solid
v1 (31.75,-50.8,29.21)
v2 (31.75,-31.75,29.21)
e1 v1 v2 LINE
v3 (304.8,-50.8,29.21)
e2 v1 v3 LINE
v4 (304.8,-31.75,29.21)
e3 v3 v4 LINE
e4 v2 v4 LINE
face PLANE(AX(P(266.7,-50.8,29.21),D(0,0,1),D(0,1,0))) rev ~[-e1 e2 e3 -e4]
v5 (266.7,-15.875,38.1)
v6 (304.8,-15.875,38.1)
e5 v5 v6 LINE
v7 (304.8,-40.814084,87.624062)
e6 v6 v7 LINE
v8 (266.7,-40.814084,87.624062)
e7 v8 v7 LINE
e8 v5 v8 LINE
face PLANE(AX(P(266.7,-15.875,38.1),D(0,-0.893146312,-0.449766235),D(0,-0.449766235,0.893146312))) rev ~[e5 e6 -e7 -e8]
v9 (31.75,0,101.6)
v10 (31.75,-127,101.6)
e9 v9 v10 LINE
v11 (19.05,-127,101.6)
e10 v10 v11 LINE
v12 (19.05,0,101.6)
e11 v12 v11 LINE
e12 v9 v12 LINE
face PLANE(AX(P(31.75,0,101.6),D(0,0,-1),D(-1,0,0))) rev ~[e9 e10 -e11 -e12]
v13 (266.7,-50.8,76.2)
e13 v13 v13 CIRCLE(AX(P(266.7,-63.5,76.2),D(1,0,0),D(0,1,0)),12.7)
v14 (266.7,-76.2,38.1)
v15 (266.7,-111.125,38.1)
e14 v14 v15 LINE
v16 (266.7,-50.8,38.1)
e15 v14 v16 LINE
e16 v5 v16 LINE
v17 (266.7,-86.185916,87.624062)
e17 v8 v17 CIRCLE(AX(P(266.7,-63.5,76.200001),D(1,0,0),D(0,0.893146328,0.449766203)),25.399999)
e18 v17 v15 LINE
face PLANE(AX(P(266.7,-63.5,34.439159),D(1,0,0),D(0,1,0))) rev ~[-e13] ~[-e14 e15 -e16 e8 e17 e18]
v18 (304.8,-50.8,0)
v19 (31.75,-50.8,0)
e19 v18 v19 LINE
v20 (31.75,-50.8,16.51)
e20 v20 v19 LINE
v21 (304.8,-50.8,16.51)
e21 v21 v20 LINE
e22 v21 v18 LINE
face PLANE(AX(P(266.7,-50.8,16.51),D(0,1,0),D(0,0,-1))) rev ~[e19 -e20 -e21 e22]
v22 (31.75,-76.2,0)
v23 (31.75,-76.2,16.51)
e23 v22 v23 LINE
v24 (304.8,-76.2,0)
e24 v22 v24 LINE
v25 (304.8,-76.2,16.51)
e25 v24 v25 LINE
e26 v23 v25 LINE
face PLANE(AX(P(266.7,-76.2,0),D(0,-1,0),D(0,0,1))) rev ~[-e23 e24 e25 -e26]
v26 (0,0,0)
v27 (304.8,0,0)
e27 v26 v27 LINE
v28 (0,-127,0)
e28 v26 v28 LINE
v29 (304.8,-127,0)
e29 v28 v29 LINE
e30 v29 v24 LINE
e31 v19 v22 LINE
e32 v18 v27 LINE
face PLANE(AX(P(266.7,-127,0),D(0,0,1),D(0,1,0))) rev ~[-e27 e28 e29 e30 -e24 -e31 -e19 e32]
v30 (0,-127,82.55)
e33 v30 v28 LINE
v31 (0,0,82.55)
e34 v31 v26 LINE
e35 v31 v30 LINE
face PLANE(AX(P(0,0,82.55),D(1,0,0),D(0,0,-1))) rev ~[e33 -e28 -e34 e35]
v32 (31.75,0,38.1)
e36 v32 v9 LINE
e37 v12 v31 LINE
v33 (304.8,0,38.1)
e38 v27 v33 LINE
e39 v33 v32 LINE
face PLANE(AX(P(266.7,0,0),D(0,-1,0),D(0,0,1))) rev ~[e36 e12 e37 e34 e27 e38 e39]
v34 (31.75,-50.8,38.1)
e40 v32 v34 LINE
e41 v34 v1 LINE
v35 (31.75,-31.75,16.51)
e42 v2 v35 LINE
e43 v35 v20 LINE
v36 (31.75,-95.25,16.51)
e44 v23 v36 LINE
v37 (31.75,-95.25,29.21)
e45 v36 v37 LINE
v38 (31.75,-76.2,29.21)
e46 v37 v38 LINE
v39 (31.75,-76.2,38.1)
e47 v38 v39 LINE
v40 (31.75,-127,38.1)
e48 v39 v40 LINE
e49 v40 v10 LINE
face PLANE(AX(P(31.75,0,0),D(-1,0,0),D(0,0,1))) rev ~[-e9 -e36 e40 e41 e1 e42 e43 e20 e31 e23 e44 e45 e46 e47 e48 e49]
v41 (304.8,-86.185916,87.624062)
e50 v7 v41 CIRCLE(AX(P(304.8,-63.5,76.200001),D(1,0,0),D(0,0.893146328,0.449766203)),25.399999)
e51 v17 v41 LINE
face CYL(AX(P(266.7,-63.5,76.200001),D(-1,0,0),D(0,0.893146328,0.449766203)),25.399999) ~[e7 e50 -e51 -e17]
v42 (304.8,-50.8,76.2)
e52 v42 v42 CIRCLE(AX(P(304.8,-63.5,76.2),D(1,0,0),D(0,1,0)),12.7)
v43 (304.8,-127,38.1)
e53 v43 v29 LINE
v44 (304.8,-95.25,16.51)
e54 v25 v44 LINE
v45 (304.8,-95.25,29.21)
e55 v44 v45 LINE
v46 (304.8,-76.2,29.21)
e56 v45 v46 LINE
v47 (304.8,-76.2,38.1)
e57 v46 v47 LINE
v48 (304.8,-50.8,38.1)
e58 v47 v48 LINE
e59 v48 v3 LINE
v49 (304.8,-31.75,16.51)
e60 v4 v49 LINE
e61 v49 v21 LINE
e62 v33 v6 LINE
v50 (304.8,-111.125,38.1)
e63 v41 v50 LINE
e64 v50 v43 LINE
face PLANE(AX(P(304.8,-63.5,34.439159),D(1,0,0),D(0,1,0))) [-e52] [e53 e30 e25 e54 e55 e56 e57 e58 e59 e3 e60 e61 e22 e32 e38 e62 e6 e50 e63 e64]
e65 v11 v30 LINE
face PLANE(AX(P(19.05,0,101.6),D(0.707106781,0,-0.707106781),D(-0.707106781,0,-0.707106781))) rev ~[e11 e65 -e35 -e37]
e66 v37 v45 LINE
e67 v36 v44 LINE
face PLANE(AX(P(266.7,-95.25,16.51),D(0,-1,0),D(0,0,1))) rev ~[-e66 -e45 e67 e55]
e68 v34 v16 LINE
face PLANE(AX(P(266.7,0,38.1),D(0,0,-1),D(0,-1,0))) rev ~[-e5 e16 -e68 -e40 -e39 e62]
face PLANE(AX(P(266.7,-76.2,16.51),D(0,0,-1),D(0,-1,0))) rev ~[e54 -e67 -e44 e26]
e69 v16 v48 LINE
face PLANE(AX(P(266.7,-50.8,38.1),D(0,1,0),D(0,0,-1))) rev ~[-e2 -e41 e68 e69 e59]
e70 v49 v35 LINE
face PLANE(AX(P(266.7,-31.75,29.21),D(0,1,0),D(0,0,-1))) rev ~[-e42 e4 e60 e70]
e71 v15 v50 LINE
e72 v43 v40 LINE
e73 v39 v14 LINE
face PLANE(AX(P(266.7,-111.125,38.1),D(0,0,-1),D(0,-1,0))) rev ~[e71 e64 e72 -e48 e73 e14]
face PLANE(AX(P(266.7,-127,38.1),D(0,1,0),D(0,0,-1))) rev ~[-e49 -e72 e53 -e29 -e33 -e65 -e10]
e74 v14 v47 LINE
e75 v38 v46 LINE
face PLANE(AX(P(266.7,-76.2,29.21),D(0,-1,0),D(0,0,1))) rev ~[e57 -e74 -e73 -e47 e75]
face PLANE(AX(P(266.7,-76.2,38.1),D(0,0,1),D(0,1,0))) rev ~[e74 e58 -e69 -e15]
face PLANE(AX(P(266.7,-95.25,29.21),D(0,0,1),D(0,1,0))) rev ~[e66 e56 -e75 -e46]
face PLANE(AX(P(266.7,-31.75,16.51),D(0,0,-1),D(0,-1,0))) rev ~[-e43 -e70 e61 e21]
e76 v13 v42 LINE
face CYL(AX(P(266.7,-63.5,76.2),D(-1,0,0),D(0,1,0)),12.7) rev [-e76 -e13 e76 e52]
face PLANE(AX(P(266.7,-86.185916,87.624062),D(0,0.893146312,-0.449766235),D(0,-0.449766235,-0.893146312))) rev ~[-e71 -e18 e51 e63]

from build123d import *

# Parameters (mm, degrees)
F1_DEPTH = 127
F3_DEPTH = 234.95
F4_R     = 12.7
F5_DEPTH = 38.1


with BuildPart() as f1:
    # F0 (on Front) → F1 (new body)
    with BuildSketch(Plane.XZ):
        Polygon((0, 82.55), (0, 0), (31.75, 0), (31.75, 101.6), (19.05, 101.6), align=None)
    extrude(amount=F1_DEPTH)

    # F2 (on face) → F3 (join)
    with BuildSketch(Plane.YZ.offset(31.75)):
        Polygon((-127, 38.1), (-127, 0), (-76.2, 0), (-76.2, 16.51), (-95.25, 16.51), (-95.25, 29.21), (-76.2, 29.21), (-76.2, 38.1), align=None)
        Polygon((-50.8, 16.51), (-50.8, 0), (0, 0), (0, 38.1), (-50.8, 38.1), (-50.8, 29.21), (-31.75, 29.21), (-31.75, 16.51), align=None)
    extrude(amount=F3_DEPTH)

    # F4 (on face) → F5 (join)
    with BuildSketch(Plane.YZ.offset(266.7)):
        with BuildLine():
            Line((-127, 38.1), (-127, 0))
            Line((-127, 0), (-76.2, 0))
            Line((-76.2, 0), (-76.2, 16.51))
            Line((-76.2, 16.51), (-95.25, 16.51))
            Line((-95.25, 16.51), (-95.25, 29.21))
            Line((-95.25, 29.21), (-76.2, 29.21))
            Line((-76.2, 29.21), (-76.2, 38.1))
            Line((-76.2, 38.1), (-50.8, 38.1))
            Line((-50.8, 38.1), (-50.8, 29.21))
            Line((-50.8, 29.21), (-31.75, 29.21))
            Line((-31.75, 29.21), (-31.75, 16.51))
            Line((-31.75, 16.51), (-50.8, 16.51))
            Line((-50.8, 16.51), (-50.8, 0))
            Line((-50.8, 0), (0, 0))
            Line((0, 0), (0, 38.1))
            Line((0, 38.1), (-15.875, 38.1))
            Line((-15.875, 38.1), (-40.814084, 87.624062))
            ThreePointArc((-40.814084, 87.624062), (-63.5, 101.6), (-86.185916, 87.624062))
            Line((-86.185916, 87.624062), (-111.125, 38.1))
            Line((-111.125, 38.1), (-127, 38.1))
        make_face()
        with Locations((-63.5, 76.2)):
            Circle(F4_R, mode=Mode.SUBTRACT)
    extrude(amount=F5_DEPTH)


solid = f1.part
